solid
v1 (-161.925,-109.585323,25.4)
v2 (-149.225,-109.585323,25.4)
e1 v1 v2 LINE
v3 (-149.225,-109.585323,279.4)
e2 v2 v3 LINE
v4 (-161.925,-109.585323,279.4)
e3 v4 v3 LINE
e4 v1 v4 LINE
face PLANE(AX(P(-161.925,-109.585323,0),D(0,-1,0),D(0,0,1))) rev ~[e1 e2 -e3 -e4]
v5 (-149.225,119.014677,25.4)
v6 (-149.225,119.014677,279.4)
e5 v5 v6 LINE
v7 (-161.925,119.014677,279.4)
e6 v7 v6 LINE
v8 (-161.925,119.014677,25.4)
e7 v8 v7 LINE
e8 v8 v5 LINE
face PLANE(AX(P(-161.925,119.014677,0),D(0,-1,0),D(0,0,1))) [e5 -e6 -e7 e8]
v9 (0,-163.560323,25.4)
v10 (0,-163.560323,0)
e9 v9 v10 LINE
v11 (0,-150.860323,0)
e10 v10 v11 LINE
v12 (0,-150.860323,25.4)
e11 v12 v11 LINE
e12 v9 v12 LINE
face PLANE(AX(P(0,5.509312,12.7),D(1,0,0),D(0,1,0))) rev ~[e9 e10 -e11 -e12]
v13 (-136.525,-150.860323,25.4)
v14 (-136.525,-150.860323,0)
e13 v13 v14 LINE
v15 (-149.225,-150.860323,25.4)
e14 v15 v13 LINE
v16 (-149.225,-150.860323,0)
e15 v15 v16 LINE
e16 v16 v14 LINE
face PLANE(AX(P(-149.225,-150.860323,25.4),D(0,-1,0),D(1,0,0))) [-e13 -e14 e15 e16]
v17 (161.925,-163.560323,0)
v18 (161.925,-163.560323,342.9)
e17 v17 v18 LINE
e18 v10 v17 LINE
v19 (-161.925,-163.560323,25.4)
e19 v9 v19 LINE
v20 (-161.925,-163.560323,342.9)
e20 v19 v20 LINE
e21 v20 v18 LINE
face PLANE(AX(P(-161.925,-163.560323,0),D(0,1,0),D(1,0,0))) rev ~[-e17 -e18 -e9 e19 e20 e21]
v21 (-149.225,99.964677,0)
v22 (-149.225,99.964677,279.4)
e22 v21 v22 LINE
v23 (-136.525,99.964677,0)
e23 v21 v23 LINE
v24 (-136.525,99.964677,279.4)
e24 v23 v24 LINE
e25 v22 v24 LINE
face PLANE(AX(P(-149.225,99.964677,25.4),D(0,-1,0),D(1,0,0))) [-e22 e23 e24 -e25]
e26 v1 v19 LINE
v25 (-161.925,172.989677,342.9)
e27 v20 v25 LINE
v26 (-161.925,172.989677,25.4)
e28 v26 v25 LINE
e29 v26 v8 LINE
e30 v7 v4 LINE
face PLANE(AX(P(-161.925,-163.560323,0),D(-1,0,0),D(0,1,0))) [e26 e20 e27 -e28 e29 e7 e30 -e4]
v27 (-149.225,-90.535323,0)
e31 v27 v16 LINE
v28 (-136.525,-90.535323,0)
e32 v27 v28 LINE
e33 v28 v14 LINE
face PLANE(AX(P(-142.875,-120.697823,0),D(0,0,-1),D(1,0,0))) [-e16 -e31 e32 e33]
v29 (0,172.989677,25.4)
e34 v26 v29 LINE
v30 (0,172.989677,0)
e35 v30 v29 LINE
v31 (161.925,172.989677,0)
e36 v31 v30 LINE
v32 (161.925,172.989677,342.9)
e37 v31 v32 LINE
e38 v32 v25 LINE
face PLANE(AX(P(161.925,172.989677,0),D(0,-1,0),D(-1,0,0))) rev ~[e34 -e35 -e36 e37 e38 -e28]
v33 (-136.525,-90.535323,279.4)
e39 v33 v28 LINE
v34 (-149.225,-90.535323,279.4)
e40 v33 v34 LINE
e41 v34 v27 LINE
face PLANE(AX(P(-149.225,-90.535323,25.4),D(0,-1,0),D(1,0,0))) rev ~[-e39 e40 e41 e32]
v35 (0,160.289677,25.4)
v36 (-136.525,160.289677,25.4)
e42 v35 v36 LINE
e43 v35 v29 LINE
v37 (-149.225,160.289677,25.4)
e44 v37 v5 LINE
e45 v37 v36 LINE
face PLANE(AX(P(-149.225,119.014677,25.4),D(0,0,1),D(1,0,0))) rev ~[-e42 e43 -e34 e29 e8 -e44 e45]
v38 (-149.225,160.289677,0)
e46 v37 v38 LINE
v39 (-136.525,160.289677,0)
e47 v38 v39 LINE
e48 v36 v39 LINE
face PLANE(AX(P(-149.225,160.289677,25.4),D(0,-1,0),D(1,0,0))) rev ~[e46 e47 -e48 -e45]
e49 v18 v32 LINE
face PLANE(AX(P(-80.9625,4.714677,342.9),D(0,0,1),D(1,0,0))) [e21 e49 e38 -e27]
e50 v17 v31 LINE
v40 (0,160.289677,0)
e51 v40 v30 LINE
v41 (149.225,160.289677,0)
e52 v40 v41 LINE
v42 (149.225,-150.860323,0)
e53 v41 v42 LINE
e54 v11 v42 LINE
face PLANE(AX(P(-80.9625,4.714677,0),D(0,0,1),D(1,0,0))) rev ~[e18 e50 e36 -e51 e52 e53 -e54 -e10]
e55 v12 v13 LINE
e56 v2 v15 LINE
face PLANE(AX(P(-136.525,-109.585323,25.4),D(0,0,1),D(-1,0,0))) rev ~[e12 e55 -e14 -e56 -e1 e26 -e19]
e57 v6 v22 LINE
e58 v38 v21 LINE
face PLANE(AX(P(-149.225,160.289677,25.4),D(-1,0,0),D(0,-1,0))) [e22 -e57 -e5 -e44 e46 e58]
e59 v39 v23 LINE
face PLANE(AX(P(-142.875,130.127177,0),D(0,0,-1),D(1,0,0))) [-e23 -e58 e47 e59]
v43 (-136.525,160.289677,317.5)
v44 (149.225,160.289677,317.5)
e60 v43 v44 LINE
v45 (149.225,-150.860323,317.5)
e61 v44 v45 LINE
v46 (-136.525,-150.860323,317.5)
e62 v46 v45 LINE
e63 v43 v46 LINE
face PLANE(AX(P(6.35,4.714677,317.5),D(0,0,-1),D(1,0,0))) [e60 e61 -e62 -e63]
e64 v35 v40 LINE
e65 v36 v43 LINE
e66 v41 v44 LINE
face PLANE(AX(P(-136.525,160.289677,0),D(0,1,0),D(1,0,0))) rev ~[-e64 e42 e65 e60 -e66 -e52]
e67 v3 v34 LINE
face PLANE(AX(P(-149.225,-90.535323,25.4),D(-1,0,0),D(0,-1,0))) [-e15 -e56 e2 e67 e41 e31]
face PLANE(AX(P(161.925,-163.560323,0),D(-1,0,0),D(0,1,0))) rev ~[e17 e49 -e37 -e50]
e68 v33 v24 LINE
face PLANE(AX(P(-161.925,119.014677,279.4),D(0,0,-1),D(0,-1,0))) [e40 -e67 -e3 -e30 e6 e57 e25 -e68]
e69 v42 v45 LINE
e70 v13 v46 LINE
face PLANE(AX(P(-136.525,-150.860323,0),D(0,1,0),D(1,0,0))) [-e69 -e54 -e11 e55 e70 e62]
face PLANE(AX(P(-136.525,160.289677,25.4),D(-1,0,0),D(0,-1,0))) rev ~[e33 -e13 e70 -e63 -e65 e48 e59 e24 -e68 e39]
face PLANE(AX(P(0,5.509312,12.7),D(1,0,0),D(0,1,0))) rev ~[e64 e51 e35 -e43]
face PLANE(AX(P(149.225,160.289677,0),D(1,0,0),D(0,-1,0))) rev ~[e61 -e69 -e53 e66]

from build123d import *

# Parameters (mm, degrees)
F0_W      = 161.925
F0_H      = 336.55
F1_DEPTH  = 342.9
F2_W      = 285.75
F2_H      = 311.15
F3_DEPTH  = 317.5
F4_W      = 165.1
F4_H      = 222.25
F5_DEPTH  = 50.8
F6_W      = 228.6
F6_H      = 279.4
F7_DEPTH  = 76.2
F8_W      = 355.6
F8_H      = 25.4
F9_DEPTH  = 203.2
F10_W     = 12.7
F10_H     = 254
F12_DEPTH = 19.05
F13_W     = 12.7
F13_H     = 254
F14_DEPTH = 19.05
F15_W     = 12.7
F15_H     = 60.325
F16_DEPTH = 25.4
F17_W     = 12.7
F17_H     = 60.325
F18_DEPTH = 25.4


with BuildPart() as f1:
    # F0 (on Top) → F1 (new body)
    with BuildSketch(Plane.XY):
        with Locations((-80.9625, 4.714677)):
            Rectangle(F0_W, F0_H)
        with Locations((80.9625, 4.714677)):
            Rectangle(F0_W, F0_H)
    extrude(amount=F1_DEPTH)

    # F2 (on face) → F3 (cut)
    with BuildSketch(Plane(origin=(0, 0, 0), x_dir=(1, 0, 0), z_dir=(0, 0, -1))):
        with Locations((6.35, -4.714677)):
            Rectangle(F2_W, F2_H)
    extrude(amount=-F3_DEPTH, mode=Mode.SUBTRACT)

    # F4 (on face) → F5 (cut)
    with BuildSketch(Plane(origin=(-161.925, 0, 0), x_dir=(0, -1, 0), z_dir=(-1, 0, 0))):
        with Locations((-4.714677, 111.125)):
            Rectangle(F4_W, F4_H)
    extrude(amount=-F5_DEPTH, mode=Mode.SUBTRACT)

    # F6 (on face) → F7 (cut)
    with BuildSketch(Plane(origin=(-161.925, 0, 0), x_dir=(0, -1, 0), z_dir=(-1, 0, 0))):
        with Locations((-4.714677, 139.7)):
            Rectangle(F6_W, F6_H)
    extrude(amount=-F7_DEPTH, mode=Mode.SUBTRACT)

    # F8 (on Right) → F9 (cut)
    with BuildSketch(Plane.YZ):
        with Locations((5.509312, 12.7)):
            Rectangle(F8_W, F8_H)
    extrude(amount=-F9_DEPTH, mode=Mode.SUBTRACT)

    # F10 (on face) → F12 (join)
    with BuildSketch(Plane.XZ.offset(-119.014677)):
        with Locations((-142.875, 152.4)):
            Rectangle(F10_W, F10_H)
    extrude(amount=F12_DEPTH)

    # F13 (on face) → F14 (join)
    with BuildSketch(Plane(origin=(0, -109.585323, 0), x_dir=(-1, 0, 0), z_dir=(0, 1, 0))):
        with Locations((142.875, 152.4)):
            Rectangle(F13_W, F13_H)
    extrude(amount=F14_DEPTH)

    # F15 (on face) → F16 (join)
    with BuildSketch(Plane(origin=(0, 0, 25.4), x_dir=(1, 0, 0), z_dir=(0, 0, -1))):
        with Locations((-142.875, 120.697823)):
            Rectangle(F15_W, F15_H)
    extrude(amount=F16_DEPTH)

    # F17 (on face) → F18 (join)
    with BuildSketch(Plane(origin=(0, 0, 25.4), x_dir=(1, 0, 0), z_dir=(0, 0, -1))):
        with Locations((-142.875, -130.127177)):
            Rectangle(F17_W, F17_H)
    extrude(amount=F18_DEPTH)


solid = f1.part
